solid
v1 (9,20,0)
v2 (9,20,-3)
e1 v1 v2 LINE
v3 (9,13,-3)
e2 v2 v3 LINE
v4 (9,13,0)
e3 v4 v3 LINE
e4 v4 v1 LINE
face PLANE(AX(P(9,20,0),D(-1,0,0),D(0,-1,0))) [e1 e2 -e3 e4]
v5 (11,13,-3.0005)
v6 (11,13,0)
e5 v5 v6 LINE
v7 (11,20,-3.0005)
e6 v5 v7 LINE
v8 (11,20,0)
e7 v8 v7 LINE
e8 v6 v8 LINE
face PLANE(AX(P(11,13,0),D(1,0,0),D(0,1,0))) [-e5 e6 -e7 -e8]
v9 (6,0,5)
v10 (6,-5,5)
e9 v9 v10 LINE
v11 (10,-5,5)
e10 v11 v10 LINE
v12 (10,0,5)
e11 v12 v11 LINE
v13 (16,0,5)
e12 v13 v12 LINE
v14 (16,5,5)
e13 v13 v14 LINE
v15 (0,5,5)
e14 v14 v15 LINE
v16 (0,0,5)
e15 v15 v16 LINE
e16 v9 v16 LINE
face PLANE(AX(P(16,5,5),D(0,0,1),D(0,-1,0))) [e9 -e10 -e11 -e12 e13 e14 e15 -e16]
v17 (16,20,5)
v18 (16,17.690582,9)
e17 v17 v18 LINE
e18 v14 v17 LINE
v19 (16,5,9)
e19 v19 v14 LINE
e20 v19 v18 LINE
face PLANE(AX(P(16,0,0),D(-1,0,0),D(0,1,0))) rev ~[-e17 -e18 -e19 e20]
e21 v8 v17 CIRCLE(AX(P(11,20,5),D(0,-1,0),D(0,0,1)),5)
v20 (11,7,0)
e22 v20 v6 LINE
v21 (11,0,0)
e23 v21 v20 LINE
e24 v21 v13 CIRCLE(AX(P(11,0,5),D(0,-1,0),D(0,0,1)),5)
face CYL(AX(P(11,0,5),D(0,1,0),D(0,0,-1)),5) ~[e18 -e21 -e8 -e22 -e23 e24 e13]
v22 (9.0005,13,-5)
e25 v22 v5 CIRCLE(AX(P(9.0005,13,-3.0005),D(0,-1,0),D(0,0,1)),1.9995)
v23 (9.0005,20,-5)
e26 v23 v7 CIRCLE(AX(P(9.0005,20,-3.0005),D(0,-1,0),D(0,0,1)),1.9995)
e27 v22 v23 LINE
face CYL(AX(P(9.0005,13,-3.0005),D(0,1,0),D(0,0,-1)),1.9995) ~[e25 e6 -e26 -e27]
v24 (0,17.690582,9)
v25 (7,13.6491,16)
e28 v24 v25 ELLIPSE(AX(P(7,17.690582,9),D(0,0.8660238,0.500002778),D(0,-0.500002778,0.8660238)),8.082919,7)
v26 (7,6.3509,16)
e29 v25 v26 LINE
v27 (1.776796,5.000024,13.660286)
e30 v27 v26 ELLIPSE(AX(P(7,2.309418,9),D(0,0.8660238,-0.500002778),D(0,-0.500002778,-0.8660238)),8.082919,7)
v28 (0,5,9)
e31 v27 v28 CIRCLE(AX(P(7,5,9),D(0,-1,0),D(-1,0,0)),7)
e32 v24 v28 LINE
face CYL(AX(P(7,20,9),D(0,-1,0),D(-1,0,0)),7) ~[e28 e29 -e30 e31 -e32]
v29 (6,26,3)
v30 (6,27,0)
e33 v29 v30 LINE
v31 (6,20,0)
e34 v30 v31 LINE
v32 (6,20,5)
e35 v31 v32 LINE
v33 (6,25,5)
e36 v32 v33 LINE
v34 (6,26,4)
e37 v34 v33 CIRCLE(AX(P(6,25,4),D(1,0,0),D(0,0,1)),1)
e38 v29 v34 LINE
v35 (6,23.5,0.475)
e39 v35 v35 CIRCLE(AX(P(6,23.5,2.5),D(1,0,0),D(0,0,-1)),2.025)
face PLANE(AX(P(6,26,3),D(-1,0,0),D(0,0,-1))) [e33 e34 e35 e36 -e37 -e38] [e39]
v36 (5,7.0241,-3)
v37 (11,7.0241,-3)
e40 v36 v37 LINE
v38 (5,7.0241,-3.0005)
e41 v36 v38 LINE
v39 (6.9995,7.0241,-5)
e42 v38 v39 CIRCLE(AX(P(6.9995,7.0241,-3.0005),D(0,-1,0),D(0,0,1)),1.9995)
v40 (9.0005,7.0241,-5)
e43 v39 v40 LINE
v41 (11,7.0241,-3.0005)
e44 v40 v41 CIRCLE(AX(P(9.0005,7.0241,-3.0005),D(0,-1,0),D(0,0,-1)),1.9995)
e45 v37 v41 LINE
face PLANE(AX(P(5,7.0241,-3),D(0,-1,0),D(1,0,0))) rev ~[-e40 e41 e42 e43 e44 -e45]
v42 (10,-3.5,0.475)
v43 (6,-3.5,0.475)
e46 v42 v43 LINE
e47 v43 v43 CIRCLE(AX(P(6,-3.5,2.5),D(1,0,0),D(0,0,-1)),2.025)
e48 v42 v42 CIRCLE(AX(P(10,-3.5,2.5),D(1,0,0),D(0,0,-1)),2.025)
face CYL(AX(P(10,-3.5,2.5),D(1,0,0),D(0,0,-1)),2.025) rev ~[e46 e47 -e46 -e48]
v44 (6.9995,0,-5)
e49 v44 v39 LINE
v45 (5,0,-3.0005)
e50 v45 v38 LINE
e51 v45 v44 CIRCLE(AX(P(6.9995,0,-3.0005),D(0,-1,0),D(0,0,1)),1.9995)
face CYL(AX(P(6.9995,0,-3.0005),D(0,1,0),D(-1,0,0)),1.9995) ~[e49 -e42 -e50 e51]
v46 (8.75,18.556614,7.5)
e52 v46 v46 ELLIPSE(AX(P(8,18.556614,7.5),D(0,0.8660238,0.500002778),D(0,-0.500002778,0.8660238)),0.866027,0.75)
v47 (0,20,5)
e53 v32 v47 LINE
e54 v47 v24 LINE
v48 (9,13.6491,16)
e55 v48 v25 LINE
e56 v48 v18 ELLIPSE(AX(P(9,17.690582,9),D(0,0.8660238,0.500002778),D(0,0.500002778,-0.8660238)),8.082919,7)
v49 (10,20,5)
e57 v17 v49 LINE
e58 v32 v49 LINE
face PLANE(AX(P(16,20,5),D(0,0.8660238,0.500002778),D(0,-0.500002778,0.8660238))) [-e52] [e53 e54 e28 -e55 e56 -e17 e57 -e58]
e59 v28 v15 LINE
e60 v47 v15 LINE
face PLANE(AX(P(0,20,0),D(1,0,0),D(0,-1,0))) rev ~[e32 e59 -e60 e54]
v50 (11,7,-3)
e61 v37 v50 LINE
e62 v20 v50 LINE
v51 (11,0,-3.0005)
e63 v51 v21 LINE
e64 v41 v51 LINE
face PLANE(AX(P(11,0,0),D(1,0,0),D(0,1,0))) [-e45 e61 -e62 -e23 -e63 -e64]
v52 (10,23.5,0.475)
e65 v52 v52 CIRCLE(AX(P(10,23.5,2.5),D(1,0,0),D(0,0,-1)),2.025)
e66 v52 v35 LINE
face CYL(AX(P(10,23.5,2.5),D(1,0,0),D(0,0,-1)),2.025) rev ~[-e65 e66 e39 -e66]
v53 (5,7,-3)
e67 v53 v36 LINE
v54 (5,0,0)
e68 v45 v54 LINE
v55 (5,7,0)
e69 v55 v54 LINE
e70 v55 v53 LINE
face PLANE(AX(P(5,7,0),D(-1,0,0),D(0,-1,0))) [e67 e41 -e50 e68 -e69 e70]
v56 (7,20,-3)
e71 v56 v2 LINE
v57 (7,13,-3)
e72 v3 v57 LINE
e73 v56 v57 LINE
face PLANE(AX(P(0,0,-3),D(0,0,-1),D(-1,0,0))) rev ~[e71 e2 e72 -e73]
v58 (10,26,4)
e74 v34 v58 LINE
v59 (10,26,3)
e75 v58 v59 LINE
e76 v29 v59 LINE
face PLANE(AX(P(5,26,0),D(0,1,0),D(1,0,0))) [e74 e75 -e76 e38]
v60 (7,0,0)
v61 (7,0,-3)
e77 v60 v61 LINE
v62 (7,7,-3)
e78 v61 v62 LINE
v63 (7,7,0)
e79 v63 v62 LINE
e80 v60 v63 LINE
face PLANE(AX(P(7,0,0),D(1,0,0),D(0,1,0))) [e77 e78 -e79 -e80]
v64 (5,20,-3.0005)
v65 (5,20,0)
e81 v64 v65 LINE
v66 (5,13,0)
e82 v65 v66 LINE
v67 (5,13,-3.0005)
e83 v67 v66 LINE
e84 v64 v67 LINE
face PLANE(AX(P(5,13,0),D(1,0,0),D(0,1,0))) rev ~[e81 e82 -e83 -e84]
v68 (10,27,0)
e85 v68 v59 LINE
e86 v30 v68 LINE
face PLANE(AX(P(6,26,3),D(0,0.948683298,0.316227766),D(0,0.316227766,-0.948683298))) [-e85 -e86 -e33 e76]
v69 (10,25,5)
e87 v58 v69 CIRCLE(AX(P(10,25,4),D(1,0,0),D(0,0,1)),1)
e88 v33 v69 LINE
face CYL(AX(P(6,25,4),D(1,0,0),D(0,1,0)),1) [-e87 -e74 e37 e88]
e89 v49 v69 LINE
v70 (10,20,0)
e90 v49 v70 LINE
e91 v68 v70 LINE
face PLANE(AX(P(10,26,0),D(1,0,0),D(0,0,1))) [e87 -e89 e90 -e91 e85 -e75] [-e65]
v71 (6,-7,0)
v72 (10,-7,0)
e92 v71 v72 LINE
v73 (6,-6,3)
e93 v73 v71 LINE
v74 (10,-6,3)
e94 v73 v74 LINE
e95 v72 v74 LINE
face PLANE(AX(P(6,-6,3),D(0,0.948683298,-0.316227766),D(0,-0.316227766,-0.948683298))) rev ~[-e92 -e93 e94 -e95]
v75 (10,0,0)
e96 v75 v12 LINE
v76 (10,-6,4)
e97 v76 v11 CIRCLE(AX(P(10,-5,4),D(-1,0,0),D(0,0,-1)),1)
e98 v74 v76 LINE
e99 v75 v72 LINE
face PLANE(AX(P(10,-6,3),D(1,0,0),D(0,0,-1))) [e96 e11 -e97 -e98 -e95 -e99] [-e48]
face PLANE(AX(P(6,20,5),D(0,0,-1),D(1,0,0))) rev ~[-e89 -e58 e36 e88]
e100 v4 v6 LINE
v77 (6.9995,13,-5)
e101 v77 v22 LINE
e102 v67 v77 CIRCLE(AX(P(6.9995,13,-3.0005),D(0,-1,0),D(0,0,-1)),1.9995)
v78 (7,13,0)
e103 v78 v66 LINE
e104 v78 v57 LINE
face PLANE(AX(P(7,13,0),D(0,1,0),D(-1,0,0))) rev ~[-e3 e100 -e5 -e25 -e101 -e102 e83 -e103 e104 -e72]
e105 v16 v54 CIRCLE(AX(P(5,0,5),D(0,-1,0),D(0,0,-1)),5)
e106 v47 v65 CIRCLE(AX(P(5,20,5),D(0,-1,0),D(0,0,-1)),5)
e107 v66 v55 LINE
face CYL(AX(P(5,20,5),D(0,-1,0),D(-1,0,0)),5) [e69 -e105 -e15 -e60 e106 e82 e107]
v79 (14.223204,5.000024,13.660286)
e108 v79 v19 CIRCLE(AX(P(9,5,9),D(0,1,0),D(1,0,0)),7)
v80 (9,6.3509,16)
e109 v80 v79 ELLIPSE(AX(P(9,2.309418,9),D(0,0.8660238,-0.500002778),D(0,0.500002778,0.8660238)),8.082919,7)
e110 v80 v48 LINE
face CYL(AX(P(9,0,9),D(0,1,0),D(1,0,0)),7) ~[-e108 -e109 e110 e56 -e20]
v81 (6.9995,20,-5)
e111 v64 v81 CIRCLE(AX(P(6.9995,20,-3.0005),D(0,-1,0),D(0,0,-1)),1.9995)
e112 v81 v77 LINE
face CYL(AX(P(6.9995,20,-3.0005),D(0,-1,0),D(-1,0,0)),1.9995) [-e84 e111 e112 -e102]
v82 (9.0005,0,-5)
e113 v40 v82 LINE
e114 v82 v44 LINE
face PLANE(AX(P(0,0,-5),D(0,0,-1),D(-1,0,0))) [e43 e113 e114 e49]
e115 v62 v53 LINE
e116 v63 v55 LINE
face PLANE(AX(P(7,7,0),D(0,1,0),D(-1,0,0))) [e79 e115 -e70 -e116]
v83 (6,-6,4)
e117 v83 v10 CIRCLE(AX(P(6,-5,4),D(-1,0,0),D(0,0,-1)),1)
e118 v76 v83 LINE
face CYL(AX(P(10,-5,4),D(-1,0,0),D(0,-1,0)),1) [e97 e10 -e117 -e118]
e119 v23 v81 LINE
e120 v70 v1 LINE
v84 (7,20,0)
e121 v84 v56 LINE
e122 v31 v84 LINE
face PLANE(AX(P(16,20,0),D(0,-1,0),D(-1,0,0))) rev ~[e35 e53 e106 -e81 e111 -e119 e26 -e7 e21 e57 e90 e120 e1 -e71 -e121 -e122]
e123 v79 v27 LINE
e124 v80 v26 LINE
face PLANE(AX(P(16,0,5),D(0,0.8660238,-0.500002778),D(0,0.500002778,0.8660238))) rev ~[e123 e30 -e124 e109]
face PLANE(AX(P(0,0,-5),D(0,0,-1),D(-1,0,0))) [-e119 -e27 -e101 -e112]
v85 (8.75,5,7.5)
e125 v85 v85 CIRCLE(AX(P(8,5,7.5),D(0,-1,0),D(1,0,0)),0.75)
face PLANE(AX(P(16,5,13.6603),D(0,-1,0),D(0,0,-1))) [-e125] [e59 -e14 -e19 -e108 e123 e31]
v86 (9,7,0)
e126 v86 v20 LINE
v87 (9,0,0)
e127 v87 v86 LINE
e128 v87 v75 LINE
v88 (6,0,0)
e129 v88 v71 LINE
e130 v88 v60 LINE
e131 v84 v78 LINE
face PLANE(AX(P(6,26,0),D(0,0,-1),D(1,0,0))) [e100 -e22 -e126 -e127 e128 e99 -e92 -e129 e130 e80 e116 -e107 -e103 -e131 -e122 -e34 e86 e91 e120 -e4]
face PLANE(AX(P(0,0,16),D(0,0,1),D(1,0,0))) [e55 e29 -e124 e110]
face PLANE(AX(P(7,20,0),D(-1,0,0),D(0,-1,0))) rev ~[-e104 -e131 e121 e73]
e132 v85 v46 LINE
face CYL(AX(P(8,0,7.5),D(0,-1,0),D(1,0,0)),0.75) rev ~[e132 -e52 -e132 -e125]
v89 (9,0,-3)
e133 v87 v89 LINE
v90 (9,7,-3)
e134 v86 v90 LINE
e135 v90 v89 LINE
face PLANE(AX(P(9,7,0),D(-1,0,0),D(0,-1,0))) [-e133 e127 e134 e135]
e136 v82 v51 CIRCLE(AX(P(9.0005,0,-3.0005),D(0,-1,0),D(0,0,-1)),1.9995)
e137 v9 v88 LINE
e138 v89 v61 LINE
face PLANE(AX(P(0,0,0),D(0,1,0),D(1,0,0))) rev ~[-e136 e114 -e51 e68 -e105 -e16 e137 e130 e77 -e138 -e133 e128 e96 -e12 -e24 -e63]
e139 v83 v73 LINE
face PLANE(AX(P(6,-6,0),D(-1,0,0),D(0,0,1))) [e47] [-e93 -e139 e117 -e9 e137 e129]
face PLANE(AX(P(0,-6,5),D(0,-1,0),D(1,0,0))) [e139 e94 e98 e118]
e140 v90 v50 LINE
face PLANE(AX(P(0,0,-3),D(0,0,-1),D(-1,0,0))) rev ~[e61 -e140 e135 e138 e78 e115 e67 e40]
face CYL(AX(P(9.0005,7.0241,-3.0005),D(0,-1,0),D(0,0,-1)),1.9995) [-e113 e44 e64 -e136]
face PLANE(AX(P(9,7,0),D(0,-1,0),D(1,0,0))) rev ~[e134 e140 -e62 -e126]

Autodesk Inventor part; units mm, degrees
ref_plane "YZ Plane" through (0, 0, 0) normal (1, 0, 0) x (0, 1, 0)
ref_plane "XZ Plane" through (0, 0, 0) normal (0, 1, 0) x (-1, 0, 0)
ref_plane "XY Plane" through (0, 0, 0) normal (0, 0, 1) x (1, 0, 0)
sketch "Sketch3" plane through (0, 0, 0) normal (0, 0, 1) x (1, 0, 0)
  line L0 (0, 0) -> (16, 0)
  line L1 (16, 0) -> (16, 20)
  line L2 (16, 20) -> (0, 20)
  line L3 (0, 20) -> (0, 0)
  dimension "d0" = 16
  dimension "d1" = 20
extrude "Extrusion1" add sketch "Sketch3" along normal blind 16
fillet "Fillet1" radius 7 2 edges at (16, 10, 16) (0, 10, 16)
fillet "Fillet2" radius 5 2 edges at (16, 10, 0) (0, 10, 0)
sketch "Sketch4" plane through (16, 0, 9) normal (1, 0, 0) x (0, 0, -1)
  line L0 (4, 20) -> (0, 20) projected
  line L1 (4, 20) -> (-7, 13.6491)
  line L2 (-7, 20) -> (-7, 0) projected
  line L3 (4, 20) -> (16.7017, 20) construction
  line L4 (-7, 13.6491) -> (-7, 20)
  line L5 (-7, 20) -> (4, 20)
  line L6 (4, 0) -> (0, 0) projected
  line L7 (4, 0) -> (-7, 6.3509)
  line L8 (4, 0) -> (16.7017, 0) construction
  line L9 (-7, 6.3509) -> (-7, 0)
  line L10 (-7, 0) -> (4, 0)
  point P0 (9, 0)
  point P1 (-7, 0)
  point P2 (0, 0)
  dimension "d6" = 150
  dimension "d7" = 150
extrude "Extrusion2" cut sketch "Sketch4" against normal through all
sketch "Sketch5" plane through (5, 20, 0) normal (0, 1, 0) x (1, 0, 0)
  line L0 (-5, -9) -> (-5, -5) projected
  line L1 (0, 0) -> (6, 0) projected
  line L2 (5, 0) -> (1, 0)
  line L3 (1, 0) -> (1, -5)
  line L4 (1, -5) -> (5, -5)
  line L5 (5, -5) -> (5, 0)
  line L6 (1, 0) -> (5, 0)
  point P0 (-5, 0)
  dimension "d47" = 4
extrude "Extrusion3" add sketch "Sketch5" along normal blind 6
sketch "Sketch11" plane through (0, 0, 0) normal (0, 0, -1) x (-1, 0, 0)
  line L0 (-11, 0) -> (-11, 20) projected
  line L1 (-9, 13.6491) -> (-9, 6.3509) projected
  line L2 (-11, 0) -> (-9, 0)
  line L3 (-9, 0) -> (-9, 7)
  line L4 (-9, 7) -> (-11, 7)
  line L5 (-11, 7) -> (-11, 0)
  line L6 (-5, 0) -> (-7, 0)
  line L7 (-7, 0) -> (-7, 7)
  line L8 (-7, 7) -> (-5, 7)
  line L9 (-5, 7) -> (-5, 0)
  line L10 (-11, 20) -> (-9, 20)
  line L11 (-9, 20) -> (-9, 13)
  line L12 (-9, 13) -> (-11, 13)
  line L13 (-11, 13) -> (-11, 20)
  line L14 (-5, 20) -> (-7, 20)
  line L15 (-7, 20) -> (-7, 13)
  line L16 (-7, 13) -> (-5, 13)
  line L17 (-5, 13) -> (-5, 20)
  point P0 (0, 0)
  point P1 (-9, 6.3509)
  point P2 (-11, 13)
  dimension "d32" = 7
  dimension "d33" = 2
  dimension "d34" = 7
  dimension "d35" = 7
  dimension "d36" = 7
extrude "Extrusion9" add sketch "Sketch11" along normal blind 3 contours L0 L4 L1 L3 L2 | L0 L10 L11 L1 L12 | L6 L7 L8 L9 | L17 L16 L15 L14
sketch "Sketch12" plane through (0, 0, -3) normal (0, 0, -1) x (-1, 0, 0)
  line L0 (-9, 20) -> (-11, 20) projected
  line L1 (-5, 13) -> (-7, 13) projected
  line L2 (-11, 20) -> (-5, 20)
  line L3 (-5, 20) -> (-5, 13)
  line L4 (-5, 13) -> (-11, 13)
  line L5 (-11, 13) -> (-11, 20)
  line L6 (-11, 0) -> (-16, 0) projected
  line L7 (-11, 0) -> (-5, 0)
  line L8 (-5, 0) -> (-5, 7.0241)
  line L9 (-5, 7.0241) -> (-11, 7.0241)
  line L10 (-11, 7.0241) -> (-11, 0)
  point P0 (0, 0)
  point P1 (-5, -20)
  point P2 (-11, -13)
extrude "Extrusion10" add sketch "Sketch12" along normal blind 2
sketch "Sketch13" plane through (0, 0, 5) normal (0, -1, 0) x (1, 0, 0)
  circle A0 centre (8, 2.5) radius 0.75
  point P0 (0, -5)
  dimension "d42" = 1.5
extrude "Extrusion11" cut sketch "Sketch13" against normal through all
fillet "Fillet4" radius 2 4 edges at (11, 16.5, -5) (5, 16.5, -5) (5, 3.5121, -5) (11, 3.5121, -5)
sketch "Sketch14" plane through (10, 20, 5) normal (1, 0, 0) x (0, 0, -1)
  circle A0 centre (2.5, 3.5) radius 2.025
  line L0 (0, 6) -> (5, 6) projected
  point P0 (5, -20)
  dimension "d48" = 4.05
  dimension "d59" = 2.5
extrude "Extrusion12" cut sketch "Sketch14" against normal blind 5
sketch "Sketch15" plane through (0, 0, 5) normal (0, -1, 0) x (1, 0, 0)
  line L0 (10, -5) -> (10, 0) projected
  line L1 (10, 0) -> (6, 0)
  line L2 (6, 0) -> (6, -5)
  line L3 (6, -5) -> (10, -5)
  line L4 (10, -5) -> (10, 0)
  point P0 (0, -5)
  point P1 (10, -0.475)
  point P2 (6, -0.475)
  dimension "d60" = 5
  dimension "d61" = 4
extrude "Extrusion13" add sketch "Sketch15" along normal blind 6
sketch "Sketch16" plane through (10, 0, 5) normal (1, 0, 0) x (0, 0, -1)
  circle A0 centre (2.5, -3.5) radius 2.025
  line L0 (5, -6) -> (0, -6) projected
  point P0 (5, 0)
  dimension "d54" = 4.05
  dimension "d58" = 2.5
extrude "Extrusion14" cut sketch "Sketch16" against normal blind 5
fillet "Fillet7" radius 1 1 edges at (8, -6, 5)
sketch "Sketch17" plane through (0, -6, 5) normal (0, -1, 0) x (1, 0, 0)
  line L0 (6, -5) -> (10, -5) projected
  line L1 (6, -4.525) -> (6, -0.475) projected
  line L2 (10, -5) -> (6, -5)
  line L3 (6, -5) -> (6, -2)
  line L4 (6, -2) -> (10, -2)
  line L5 (10, -2) -> (10, -5)
  point P0 (0, -5)
  point P1 (6, -5)
  dimension "d63" = 3
extrude "Extrusion15" add sketch "Sketch17" along normal blind 1
fillet "Fillet8" radius 1 1 edges at (8, 26, 5)
sketch "Sketch18" plane through (5, 26, 0) normal (0, 1, 0) x (1, 0, 0)
  line L0 (1, -3) -> (5, -3) projected
  line L1 (1, -5) -> (1, 0) projected
  line L2 (5, -3) -> (1, -3)
  line L3 (1, -3) -> (1, 0)
  line L4 (1, 0) -> (5, 0)
  line L5 (5, 0) -> (5, -3)
  point P0 (-5, 0)
extrude "Extrusion16" add sketch "Sketch18" along normal blind 1
sketch "Sketch19" plane through (6, 0, 0) normal (-1, 0, 0) x (0, 0, 1)
  line L0 (3, -6) -> (3, -7) projected
  line L1 (0, 0) -> (0, -7) projected
  line L2 (3, -6) -> (0, -7)
  line L3 (0, -7) -> (3, -7)
  line L4 (3, -7) -> (3, -6)
extrude "Extrusion17" cut sketch "Sketch19" against normal through all
sketch "Sketch20" plane through (6, 20, 0) normal (-1, 0, 0) x (0, 0, 1)
  line L0 (4, 6) -> (3, 6) projected
  line L1 (0, 0) -> (0, 7) projected
  line L2 (3, 6) -> (0, 7)
  line L3 (0, 7) -> (3, 7)
  line L4 (3, 7) -> (3, 6)
  point P0 (0, -20)
extrude "Extrusion18" cut sketch "Sketch20" against normal through all
sketch "Sketch22" plane through (16, 0, 5) normal (1, 0, 0) x (0, 0, -1)
  point P0 (5, 0)
sketch "Sketch23" plane through (16, 0, 5) normal (1, 0, 0) x (0, 0, -1)
  line L0 (0, 0) -> (-4, 2.3094) projected
  line L1 (-4, 2.3094) -> (-11, 6.3509) projected
  line L2 (0, 0) -> (-8.6603, 0)
  line L3 (-8.6603, 0) -> (-8.6603, 5)
  line L4 (-8.6603, 5) -> (0, 5)
  line L5 (0, 5) -> (0, 0)
  point P0 (5, 0)
  dimension "d75" = 5
extrude "Extrusion20" cut sketch "Sketch23" against normal through all contours L0 L1 L4 L5
properties part number "FingerMiddle"
